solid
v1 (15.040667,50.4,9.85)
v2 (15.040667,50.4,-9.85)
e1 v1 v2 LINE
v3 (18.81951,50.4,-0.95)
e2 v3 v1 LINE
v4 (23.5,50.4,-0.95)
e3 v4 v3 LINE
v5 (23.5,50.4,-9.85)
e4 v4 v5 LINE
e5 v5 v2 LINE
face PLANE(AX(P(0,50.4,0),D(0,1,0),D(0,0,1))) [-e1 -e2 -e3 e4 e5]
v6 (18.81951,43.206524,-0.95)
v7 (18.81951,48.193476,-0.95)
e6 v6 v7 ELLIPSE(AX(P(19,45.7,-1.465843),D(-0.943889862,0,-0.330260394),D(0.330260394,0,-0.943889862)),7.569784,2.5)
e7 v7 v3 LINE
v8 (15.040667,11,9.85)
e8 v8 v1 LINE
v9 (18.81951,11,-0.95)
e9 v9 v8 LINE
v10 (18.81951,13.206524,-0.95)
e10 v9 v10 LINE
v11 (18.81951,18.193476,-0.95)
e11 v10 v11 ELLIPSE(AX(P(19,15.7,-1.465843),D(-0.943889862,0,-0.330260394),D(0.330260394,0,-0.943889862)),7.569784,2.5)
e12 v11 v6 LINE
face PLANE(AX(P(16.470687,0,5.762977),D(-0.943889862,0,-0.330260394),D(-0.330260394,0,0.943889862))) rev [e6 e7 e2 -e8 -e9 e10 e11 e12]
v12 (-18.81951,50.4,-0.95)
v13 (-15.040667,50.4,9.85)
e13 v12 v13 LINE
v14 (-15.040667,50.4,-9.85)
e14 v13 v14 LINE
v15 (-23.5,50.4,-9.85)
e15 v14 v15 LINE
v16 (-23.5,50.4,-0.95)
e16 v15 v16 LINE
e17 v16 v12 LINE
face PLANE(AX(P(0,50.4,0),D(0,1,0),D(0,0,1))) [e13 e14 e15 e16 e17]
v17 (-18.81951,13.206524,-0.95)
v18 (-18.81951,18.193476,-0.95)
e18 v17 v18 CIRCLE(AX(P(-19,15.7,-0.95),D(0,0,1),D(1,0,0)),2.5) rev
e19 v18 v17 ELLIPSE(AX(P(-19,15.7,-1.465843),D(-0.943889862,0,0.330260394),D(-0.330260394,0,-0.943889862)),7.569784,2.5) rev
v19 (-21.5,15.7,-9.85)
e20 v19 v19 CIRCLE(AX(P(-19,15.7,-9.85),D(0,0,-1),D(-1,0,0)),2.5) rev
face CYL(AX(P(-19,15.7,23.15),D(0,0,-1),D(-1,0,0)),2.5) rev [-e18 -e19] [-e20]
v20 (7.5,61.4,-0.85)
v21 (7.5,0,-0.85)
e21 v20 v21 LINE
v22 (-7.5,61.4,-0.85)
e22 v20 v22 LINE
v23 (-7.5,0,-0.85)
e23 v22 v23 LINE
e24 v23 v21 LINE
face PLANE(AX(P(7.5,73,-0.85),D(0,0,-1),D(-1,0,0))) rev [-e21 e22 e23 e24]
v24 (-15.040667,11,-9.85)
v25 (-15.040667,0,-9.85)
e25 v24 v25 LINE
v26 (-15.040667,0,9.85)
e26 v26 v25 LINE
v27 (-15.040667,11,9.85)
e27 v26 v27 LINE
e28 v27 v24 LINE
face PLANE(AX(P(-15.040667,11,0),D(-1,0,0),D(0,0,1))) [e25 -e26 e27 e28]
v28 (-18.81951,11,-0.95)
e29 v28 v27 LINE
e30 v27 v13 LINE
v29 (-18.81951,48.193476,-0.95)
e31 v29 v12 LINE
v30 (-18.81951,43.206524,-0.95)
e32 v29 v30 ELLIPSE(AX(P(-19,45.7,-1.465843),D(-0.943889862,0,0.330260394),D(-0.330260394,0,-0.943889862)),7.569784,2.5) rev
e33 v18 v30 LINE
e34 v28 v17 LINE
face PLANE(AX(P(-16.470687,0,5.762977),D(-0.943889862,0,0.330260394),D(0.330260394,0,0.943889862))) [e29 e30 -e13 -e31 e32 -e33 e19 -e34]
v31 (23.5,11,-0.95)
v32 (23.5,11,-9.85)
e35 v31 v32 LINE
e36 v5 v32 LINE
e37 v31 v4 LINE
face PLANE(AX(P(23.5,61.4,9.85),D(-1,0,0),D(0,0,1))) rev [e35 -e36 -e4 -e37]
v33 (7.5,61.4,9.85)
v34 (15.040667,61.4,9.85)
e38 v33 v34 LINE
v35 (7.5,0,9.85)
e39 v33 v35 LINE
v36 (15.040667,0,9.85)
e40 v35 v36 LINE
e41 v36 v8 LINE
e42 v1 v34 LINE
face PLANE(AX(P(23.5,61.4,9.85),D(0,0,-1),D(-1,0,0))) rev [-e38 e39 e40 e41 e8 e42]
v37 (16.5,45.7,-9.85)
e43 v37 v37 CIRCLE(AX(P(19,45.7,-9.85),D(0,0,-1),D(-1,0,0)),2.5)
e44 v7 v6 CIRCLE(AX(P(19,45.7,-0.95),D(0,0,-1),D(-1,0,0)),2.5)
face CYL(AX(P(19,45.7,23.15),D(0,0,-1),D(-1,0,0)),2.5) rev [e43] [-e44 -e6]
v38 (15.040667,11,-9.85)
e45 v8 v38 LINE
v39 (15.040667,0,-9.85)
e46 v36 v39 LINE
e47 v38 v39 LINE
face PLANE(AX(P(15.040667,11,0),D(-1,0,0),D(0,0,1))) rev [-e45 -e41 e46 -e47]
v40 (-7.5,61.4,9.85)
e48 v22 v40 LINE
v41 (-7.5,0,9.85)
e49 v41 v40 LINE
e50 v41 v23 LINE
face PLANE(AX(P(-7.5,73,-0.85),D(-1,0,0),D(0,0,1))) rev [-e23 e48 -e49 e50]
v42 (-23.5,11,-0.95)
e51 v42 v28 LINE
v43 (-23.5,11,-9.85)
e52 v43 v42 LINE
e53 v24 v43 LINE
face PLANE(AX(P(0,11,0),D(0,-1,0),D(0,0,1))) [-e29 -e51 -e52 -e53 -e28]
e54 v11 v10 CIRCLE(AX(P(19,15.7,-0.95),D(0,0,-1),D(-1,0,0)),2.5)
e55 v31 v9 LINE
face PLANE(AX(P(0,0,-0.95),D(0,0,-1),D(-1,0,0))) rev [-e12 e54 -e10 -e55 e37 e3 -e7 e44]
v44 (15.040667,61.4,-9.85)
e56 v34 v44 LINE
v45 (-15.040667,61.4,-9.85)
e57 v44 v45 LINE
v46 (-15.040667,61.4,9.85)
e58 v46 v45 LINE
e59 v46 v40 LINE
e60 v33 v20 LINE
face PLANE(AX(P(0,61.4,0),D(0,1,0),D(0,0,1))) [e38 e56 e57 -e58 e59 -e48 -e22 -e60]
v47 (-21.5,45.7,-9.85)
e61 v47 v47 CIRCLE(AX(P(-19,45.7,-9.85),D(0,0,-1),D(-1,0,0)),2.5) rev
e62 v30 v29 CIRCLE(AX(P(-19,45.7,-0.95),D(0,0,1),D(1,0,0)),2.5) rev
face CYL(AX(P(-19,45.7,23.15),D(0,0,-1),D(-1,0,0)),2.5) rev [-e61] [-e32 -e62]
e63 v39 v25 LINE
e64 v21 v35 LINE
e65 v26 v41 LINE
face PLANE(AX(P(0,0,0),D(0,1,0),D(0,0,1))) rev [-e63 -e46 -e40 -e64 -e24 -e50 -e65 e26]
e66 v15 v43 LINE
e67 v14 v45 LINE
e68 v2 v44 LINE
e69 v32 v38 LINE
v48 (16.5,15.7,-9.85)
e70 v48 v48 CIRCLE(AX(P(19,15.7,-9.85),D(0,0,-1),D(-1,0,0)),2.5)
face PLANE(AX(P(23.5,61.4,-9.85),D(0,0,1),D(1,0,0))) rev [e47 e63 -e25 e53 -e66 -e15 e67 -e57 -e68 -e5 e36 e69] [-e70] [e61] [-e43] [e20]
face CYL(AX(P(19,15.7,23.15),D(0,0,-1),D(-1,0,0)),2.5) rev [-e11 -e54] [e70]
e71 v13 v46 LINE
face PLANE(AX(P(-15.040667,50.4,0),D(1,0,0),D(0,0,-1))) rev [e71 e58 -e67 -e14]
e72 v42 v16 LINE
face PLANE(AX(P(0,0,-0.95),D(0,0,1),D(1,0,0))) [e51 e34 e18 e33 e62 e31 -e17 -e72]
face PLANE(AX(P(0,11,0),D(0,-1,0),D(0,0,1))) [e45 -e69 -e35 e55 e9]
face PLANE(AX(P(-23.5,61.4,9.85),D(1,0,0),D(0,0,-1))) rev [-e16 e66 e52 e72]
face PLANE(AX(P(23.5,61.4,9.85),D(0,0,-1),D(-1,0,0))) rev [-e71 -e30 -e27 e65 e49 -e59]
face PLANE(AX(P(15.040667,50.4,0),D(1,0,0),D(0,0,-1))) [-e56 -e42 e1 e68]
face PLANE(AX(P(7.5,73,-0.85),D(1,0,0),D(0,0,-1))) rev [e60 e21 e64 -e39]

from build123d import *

# Parameters (mm, degrees)
SKETCH_5_W          = 47
SKETCH_5_H          = 19.7
EXTRUDE_3_DEPTH     = 61.4
CUT_EXTRUDE_1_DEPTH = 62.4
CUT_EXTRUDE_2_DEPTH = 11
SKETCH_8_R          = 2.5
CUT_EXTRUDE_3_DEPTH = 33
SKETCH_9_W          = 15
SKETCH_9_H          = 21.981640809
CUT_EXTRUDE_4_DEPTH = 73


with BuildPart() as part:
    # 草图5 → 凸台-拉伸3 (new body)
    with BuildSketch(Plane(origin=(0, 0, 0), x_dir=(1, 0, 0), z_dir=(0, 1, 0))):
        Rectangle(SKETCH_5_W, SKETCH_5_H)
    extrude(amount=EXTRUDE_3_DEPTH)

    # 草图6 → 切除-拉伸1 (cut, through all)
    with BuildSketch(Plane(origin=(0, 61.4, 0), x_dir=(1, 0, 0), z_dir=(0, 1, 0))):
        Polygon((-18.819510237, 0.95), (-23.5, 0.95), (-23.5, -9.85), (-15.040666545, -9.85), align=None)
        Polygon((18.819510237, 0.95), (15.040666545, -9.85), (23.5, -9.85), (23.5, 0.95), align=None)
    extrude(amount=-CUT_EXTRUDE_1_DEPTH, mode=Mode.SUBTRACT)

    # 草图6<6> → 切除-拉伸2 (cut)
    with BuildSketch(Plane(origin=(0, 61.4, 0), x_dir=(1, 0, 0), z_dir=(0, 1, 0))):
        Polygon((-19, 9.85), (-23.5, 9.85), (-23.5, 0.95), (-18.819510237, 0.95), (-15.040666545, -9.85), (-15.040666545, 9.85), align=None)
        Polygon((19, 9.85), (15.040666545, 9.85), (15.040666545, -9.85), (18.819510237, 0.95), (23.5, 0.95), (23.5, 9.85), align=None)
    cut_extrude_2 = extrude(amount=-CUT_EXTRUDE_2_DEPTH, mode=Mode.SUBTRACT)

    # 镜向1: 切除-拉伸2 across plane
    add(cut_extrude_2.mirror(Plane.ZX.offset(30.7)), mode=Mode.SUBTRACT)

    # 草图8 → 切除-拉伸3 (cut)
    with BuildSketch(Plane(origin=(0, 0, -9.85), x_dir=(-1, 0, 0), z_dir=(0, 0, -1))):
        with Locations((-19, 15.7)):
            Circle(SKETCH_8_R)
        with Locations((19, 15.7)):
            Circle(SKETCH_8_R)
        with Locations((19, 45.7)):
            Circle(SKETCH_8_R)
        with Locations((-19, 45.7)):
            Circle(SKETCH_8_R)
    extrude(amount=-CUT_EXTRUDE_3_DEPTH, mode=Mode.SUBTRACT)

    # 草图9 → 切除-拉伸4 (cut)
    with BuildSketch(Plane.XZ):
        with Locations((0, 10.140820404)):
            Rectangle(SKETCH_9_W, SKETCH_9_H)
    extrude(amount=-CUT_EXTRUDE_4_DEPTH, mode=Mode.SUBTRACT)


solid = part.part
